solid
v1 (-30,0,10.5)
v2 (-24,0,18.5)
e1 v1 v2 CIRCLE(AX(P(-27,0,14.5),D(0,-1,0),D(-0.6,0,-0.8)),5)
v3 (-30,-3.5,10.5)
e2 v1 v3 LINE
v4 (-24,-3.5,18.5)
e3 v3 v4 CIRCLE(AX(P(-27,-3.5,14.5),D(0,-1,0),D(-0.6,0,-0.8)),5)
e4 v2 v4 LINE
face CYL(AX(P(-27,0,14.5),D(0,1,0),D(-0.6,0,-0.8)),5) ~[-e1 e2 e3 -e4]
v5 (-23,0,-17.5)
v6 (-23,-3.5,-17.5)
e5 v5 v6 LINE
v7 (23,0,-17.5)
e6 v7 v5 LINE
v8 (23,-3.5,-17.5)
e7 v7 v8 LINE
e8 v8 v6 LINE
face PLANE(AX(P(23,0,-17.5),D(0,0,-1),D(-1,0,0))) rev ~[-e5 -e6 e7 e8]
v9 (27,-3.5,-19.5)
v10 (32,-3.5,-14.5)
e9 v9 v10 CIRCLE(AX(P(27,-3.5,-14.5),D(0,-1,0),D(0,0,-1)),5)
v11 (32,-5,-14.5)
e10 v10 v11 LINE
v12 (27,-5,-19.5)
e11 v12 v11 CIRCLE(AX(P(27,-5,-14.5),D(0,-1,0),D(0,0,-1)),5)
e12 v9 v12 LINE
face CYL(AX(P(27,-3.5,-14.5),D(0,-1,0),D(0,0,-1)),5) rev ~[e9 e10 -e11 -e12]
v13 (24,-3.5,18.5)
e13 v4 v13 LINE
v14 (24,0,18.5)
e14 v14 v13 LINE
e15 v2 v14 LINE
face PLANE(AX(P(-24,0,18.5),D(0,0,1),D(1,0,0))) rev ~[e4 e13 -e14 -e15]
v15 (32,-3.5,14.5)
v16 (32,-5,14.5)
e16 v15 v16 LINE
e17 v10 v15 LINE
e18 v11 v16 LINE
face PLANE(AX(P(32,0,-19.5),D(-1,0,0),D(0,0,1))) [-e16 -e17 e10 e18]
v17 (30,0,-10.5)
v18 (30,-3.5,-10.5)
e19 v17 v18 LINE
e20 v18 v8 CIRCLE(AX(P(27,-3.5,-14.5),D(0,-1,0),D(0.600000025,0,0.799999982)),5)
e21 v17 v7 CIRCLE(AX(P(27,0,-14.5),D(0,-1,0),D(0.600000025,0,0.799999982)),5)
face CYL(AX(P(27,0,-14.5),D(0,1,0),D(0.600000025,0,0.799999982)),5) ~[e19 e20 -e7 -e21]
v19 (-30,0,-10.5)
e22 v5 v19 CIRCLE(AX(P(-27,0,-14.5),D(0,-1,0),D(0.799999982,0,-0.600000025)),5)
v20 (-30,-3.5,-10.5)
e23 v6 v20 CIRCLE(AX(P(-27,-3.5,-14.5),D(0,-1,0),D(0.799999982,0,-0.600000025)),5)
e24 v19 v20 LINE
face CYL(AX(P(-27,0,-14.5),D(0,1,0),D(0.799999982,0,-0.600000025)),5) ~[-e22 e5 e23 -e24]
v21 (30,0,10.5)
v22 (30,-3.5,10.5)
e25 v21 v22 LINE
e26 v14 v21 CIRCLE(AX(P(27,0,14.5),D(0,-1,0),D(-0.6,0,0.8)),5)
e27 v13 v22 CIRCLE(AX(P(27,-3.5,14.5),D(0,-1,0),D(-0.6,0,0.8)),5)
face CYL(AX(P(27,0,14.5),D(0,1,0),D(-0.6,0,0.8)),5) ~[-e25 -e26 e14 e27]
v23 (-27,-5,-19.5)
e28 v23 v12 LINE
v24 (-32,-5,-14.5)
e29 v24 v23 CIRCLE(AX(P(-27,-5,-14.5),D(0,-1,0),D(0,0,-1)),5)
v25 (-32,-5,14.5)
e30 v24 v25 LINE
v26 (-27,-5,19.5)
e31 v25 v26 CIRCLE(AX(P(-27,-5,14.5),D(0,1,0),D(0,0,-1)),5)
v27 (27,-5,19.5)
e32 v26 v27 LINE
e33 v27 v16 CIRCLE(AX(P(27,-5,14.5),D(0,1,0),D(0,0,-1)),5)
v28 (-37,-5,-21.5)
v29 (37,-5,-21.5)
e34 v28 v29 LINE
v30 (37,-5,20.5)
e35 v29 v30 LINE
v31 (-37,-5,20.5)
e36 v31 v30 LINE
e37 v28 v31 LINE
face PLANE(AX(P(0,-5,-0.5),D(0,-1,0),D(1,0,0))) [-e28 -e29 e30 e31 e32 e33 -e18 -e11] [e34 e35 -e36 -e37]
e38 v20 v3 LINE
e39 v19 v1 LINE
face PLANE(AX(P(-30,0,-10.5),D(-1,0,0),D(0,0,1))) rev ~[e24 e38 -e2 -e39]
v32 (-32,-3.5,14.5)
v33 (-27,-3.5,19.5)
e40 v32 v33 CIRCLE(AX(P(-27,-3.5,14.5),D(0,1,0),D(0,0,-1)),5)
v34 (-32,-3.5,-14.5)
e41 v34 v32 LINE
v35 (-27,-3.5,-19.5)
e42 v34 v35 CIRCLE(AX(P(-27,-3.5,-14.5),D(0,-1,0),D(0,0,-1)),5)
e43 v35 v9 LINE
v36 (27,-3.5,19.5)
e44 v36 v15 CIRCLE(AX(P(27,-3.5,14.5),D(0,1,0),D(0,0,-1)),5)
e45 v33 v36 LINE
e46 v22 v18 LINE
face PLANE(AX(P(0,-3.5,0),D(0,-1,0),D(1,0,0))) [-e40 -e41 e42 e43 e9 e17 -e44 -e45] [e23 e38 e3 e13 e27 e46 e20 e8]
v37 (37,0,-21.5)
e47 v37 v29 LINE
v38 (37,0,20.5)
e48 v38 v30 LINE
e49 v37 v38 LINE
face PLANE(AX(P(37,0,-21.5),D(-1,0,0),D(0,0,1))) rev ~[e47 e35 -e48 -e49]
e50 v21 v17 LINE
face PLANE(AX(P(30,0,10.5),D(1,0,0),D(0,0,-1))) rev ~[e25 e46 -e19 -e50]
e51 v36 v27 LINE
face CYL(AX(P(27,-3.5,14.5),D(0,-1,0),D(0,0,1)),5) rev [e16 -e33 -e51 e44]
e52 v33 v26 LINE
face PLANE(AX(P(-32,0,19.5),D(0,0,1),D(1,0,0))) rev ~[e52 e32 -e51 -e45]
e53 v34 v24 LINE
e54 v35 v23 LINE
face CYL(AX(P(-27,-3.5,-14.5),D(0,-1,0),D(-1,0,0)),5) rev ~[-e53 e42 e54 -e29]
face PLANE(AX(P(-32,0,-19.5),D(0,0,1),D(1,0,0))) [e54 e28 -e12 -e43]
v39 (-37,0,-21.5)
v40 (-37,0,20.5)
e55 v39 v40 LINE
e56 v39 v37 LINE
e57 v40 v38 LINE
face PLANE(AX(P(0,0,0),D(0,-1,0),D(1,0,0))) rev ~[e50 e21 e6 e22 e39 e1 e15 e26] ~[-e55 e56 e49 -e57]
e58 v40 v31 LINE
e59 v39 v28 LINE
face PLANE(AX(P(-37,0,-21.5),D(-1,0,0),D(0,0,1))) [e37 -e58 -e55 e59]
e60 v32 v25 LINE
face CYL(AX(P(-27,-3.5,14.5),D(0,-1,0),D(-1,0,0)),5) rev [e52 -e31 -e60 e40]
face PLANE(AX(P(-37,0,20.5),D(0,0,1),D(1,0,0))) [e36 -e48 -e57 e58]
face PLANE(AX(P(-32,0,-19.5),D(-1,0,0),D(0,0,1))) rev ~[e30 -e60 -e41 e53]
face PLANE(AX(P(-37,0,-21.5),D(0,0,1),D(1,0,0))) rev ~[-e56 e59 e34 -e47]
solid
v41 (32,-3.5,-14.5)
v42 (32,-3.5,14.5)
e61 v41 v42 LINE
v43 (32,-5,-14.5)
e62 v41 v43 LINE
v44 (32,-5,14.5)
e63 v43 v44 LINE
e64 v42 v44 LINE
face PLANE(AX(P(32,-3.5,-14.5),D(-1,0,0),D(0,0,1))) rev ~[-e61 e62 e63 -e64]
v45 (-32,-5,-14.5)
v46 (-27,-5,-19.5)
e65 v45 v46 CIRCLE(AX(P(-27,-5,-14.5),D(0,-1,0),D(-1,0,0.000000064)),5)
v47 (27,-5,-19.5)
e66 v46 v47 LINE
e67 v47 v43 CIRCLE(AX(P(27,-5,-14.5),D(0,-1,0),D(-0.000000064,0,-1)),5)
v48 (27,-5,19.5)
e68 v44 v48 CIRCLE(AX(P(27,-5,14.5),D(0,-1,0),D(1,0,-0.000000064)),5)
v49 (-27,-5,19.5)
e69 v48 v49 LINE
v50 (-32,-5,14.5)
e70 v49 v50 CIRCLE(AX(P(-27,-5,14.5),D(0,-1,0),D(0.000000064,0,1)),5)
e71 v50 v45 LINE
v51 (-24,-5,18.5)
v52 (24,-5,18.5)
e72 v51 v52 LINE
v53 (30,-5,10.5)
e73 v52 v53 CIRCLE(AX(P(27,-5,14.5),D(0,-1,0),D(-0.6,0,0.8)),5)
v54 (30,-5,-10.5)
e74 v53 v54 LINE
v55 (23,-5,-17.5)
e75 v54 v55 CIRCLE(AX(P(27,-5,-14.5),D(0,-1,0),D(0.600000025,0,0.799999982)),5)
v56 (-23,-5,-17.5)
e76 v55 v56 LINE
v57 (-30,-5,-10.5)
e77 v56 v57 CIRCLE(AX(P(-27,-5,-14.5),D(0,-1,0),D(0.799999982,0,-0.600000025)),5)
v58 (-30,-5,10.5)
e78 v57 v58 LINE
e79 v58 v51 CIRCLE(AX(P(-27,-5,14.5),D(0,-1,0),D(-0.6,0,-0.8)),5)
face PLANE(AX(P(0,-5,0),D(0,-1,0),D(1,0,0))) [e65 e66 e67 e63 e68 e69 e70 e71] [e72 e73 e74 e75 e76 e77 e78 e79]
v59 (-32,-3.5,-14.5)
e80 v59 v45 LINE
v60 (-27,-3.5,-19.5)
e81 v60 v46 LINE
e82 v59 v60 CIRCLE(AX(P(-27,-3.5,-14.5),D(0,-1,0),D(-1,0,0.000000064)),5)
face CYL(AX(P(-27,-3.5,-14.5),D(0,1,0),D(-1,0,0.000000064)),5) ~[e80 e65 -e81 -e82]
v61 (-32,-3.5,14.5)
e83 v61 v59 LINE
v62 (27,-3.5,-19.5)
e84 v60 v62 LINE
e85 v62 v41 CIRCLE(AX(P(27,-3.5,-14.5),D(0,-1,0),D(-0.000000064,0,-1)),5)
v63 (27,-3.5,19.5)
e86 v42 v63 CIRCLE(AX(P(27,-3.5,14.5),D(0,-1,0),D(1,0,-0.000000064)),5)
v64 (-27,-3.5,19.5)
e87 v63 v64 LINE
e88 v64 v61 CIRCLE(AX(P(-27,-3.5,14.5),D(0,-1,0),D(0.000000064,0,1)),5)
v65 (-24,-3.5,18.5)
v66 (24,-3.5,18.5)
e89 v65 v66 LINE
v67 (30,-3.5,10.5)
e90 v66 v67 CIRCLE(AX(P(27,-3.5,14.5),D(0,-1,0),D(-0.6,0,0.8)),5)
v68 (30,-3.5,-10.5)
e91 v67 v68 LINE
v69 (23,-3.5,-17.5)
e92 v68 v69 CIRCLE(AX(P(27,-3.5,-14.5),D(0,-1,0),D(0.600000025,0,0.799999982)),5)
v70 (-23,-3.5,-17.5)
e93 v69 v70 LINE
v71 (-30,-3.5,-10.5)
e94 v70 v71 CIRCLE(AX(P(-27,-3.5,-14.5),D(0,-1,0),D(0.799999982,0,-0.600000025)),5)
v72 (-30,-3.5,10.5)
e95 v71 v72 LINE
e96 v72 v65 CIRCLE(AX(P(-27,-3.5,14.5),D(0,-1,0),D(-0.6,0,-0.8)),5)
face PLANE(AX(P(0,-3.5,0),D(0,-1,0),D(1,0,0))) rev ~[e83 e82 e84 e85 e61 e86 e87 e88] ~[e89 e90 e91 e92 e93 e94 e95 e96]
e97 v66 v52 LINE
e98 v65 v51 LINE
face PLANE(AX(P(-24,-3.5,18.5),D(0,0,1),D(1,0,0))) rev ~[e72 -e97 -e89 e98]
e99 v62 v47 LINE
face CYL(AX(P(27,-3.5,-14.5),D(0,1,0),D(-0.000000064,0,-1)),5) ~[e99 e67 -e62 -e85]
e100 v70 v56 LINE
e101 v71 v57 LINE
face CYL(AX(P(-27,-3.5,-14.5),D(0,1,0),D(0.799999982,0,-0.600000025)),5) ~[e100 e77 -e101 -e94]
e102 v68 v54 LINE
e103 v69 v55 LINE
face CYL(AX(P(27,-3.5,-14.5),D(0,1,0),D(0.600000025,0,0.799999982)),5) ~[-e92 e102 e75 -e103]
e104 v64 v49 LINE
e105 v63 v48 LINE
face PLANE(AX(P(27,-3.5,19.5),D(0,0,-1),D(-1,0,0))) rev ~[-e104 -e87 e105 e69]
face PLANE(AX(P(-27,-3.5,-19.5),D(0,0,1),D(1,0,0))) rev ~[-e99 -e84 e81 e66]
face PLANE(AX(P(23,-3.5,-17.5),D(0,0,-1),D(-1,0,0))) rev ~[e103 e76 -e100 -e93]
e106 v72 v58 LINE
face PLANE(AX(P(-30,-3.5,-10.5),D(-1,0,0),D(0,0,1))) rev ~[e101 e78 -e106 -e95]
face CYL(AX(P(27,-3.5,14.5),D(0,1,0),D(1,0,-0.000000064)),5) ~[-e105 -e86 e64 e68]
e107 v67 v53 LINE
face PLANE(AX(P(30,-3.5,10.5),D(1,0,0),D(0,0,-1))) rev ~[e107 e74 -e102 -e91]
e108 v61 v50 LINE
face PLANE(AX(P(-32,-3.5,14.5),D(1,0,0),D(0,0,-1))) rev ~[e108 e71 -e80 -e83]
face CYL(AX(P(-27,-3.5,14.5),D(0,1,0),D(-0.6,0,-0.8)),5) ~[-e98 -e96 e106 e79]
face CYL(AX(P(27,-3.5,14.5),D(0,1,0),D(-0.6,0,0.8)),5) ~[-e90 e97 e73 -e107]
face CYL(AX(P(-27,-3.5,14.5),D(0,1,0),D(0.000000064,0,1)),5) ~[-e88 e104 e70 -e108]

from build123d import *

# Parameters (mm, degrees)
F0_W     = 74
F0_H     = 42
F0_W_2   = 64
F0_H_2   = 39
F1_DEPTH = 5
F2_DEPTH = 3.5
F3_R     = 5
F4_DEPTH = 1.5


with BuildPart() as f1:
    # F0 (on Front) → F1 (new body)
    with BuildSketch(Plane.XZ):
        with Locations((0, -0.5)):
            Rectangle(F0_W, F0_H)
        Rectangle(F0_W_2, F0_H_2, mode=Mode.SUBTRACT)
    extrude(amount=F1_DEPTH)

    # F0 (on Front) → F2 (join)
    with BuildSketch(Plane.XZ):
        Rectangle(F0_W_2, F0_H_2)
        with BuildLine():
            Line((-30, -10.5), (-30, 10.5))
            ThreePointArc((-30, 10.5), (-23, 11.5), (-24, 18.5))
            Line((-24, 18.5), (24, 18.5))
            ThreePointArc((24, 18.5), (23, 11.5), (30, 10.5))
            Line((30, 10.5), (30, -10.5))
            ThreePointArc((30, -10.5), (23.464466, -10.964466), (23, -17.5))
            Line((23, -17.5), (-23, -17.5))
            ThreePointArc((-23, -17.5), (-23.464466, -10.964466), (-30, -10.5))
        make_face(mode=Mode.SUBTRACT)
    extrude(amount=F2_DEPTH)

    # F3
    f3_edges = [f1.edges().sort_by_distance(p)[0] for p in [
        (-32, -4.25, 19.5),
        (-32, -4.25, -19.5),
        (32, -4.25, -19.5),
        (32, -4.25, 19.5),
    ]]
    fillet(f3_edges, radius=F3_R)


with BuildPart() as f4:
    # F2_face (on face) → F4 (new body)
    with BuildSketch(Plane(origin=(0, -3.5, -1.52285), x_dir=(1, 0, 0), z_dir=(0, -1, 0))):
        with BuildLine():
            Line((27, 21.02285), (-27, 21.02285))
            ThreePointArc((-27, 21.02285), (-30.535534, 19.558384), (-32, 16.02285))
            Line((-32, 16.02285), (-32, -12.97715))
            ThreePointArc((-32, -12.97715), (-30.535534, -16.512684), (-27, -17.97715))
            Line((-27, -17.97715), (27, -17.97715))
            ThreePointArc((27, -17.97715), (30.535534, -16.512684), (32, -12.97715))
            Line((32, -12.97715), (32, 16.02285))
            ThreePointArc((32, 16.02285), (30.535534, 19.558384), (27, 21.02285))
        make_face()
        with BuildLine():
            Line((-30, -8.97715), (-30, 12.02285))
            ThreePointArc((-30, 12.02285), (-23, 13.02285), (-24, 20.02285))
            Line((-24, 20.02285), (24, 20.02285))
            ThreePointArc((24, 20.02285), (23, 13.02285), (30, 12.02285))
            Line((30, 12.02285), (30, -8.97715))
            ThreePointArc((30, -8.97715), (23.464466, -9.441616), (23, -15.97715))
            Line((23, -15.97715), (-23, -15.97715))
            ThreePointArc((-23, -15.97715), (-23.464466, -9.441616), (-30, -8.97715))
        make_face(mode=Mode.SUBTRACT)
    extrude(amount=F4_DEPTH)


solid = Compound([f1.part, f4.part])
